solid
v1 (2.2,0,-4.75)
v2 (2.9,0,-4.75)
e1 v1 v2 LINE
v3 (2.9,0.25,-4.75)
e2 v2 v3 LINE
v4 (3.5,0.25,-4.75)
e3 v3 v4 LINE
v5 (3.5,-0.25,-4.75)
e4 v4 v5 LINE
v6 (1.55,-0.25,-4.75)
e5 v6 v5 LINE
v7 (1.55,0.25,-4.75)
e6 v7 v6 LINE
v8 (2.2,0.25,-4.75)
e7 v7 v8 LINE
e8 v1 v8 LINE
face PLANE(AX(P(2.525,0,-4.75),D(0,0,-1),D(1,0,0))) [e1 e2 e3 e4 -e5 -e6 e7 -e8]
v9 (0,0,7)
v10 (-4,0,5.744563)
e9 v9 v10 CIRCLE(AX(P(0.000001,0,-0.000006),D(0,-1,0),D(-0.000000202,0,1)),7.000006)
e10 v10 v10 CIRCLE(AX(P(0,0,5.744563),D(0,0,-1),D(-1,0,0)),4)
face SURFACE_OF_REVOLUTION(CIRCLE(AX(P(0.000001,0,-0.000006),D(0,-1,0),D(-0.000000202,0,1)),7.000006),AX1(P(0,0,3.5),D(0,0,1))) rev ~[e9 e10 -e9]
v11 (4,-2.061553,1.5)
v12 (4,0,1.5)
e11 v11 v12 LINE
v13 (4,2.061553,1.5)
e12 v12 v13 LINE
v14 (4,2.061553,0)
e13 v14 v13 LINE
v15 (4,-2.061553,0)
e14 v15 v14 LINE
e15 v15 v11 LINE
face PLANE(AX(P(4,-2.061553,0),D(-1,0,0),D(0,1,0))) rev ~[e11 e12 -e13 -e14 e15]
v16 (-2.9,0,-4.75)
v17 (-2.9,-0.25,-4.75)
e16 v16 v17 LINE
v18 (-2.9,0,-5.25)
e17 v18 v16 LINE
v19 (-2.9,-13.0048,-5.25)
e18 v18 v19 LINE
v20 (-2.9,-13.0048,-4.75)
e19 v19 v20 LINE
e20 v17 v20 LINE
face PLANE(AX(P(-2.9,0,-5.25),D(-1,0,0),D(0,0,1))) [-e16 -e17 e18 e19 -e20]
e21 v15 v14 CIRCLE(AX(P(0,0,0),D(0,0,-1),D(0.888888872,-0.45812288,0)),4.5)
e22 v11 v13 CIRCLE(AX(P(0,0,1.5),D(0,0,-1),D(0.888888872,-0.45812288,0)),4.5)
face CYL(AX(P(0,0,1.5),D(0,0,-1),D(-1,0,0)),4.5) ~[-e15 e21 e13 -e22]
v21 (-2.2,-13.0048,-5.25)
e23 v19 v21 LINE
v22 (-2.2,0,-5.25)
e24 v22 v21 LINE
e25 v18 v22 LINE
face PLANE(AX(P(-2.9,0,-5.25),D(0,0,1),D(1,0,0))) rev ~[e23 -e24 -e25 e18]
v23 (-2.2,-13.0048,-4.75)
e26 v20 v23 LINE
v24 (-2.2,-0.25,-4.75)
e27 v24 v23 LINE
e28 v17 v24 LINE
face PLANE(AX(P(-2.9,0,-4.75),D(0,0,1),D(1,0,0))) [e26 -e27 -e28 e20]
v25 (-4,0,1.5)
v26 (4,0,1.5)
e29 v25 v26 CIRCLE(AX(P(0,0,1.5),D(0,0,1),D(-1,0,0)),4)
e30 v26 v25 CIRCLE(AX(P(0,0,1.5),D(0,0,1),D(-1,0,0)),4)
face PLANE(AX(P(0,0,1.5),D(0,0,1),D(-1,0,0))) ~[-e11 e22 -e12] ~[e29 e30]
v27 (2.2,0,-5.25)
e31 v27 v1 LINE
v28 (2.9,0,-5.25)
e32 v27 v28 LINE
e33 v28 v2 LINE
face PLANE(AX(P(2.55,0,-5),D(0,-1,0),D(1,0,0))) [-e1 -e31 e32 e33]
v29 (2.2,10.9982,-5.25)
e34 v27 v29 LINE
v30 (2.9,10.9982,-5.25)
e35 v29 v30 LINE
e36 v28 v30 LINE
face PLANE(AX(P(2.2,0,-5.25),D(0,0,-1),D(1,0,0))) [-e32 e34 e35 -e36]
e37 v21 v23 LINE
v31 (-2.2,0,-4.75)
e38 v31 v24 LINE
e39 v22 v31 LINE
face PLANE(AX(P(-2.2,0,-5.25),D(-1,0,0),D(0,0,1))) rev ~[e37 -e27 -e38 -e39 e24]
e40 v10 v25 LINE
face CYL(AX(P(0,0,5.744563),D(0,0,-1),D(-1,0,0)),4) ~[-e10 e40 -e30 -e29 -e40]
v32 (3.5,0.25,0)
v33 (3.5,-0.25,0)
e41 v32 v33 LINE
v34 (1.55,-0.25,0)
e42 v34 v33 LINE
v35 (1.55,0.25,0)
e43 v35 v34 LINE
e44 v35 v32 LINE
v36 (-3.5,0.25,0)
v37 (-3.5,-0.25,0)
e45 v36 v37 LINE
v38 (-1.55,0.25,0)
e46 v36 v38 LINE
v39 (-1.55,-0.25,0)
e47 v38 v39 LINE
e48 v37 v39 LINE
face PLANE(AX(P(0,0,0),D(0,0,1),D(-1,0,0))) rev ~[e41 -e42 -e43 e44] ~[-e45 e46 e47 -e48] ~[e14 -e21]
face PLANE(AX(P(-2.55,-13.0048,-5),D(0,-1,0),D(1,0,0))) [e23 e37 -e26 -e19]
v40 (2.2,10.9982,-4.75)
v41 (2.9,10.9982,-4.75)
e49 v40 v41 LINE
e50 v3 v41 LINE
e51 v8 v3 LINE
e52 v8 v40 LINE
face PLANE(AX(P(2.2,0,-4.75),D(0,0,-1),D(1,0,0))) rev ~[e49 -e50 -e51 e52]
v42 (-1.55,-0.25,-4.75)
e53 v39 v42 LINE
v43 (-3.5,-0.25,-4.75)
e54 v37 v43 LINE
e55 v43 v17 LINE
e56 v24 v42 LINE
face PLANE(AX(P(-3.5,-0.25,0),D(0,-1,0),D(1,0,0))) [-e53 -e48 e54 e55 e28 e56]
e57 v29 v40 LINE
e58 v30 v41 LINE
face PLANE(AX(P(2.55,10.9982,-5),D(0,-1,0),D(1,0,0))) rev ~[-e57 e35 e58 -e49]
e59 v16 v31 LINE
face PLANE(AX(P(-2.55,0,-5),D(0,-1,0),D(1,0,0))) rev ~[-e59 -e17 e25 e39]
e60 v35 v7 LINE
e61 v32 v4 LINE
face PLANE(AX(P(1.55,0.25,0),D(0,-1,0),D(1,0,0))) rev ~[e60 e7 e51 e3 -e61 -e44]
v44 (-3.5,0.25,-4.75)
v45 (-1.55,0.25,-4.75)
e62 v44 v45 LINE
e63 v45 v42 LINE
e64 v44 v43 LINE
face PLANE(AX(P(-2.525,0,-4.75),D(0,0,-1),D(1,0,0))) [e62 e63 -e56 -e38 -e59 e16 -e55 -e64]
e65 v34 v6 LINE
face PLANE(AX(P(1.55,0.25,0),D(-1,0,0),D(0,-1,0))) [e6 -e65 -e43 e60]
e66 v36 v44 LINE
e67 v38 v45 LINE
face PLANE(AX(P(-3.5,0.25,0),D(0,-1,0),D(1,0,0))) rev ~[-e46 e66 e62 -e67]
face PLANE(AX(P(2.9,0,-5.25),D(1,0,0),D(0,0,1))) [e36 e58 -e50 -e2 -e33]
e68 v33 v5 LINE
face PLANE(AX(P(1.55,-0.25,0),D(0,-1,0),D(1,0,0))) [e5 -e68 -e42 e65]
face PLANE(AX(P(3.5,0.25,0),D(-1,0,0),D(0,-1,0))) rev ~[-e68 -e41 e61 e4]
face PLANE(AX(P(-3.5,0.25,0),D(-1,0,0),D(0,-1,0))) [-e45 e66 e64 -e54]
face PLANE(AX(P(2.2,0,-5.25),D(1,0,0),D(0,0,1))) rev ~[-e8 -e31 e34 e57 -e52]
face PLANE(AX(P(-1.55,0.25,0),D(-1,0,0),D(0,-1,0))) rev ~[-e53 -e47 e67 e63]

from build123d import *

# Parameters (mm, degrees)
F3_DEPTH  = 7.001
F4_W      = 1.95
F4_H      = 0.5
F5_DEPTH  = 4.75
F8_W      = 0.7
F8_H      = 0.5
F9_DEPTH  = 13.0048
F10_W     = 0.7
F10_H     = 0.5
F11_DEPTH = 10.9982


with BuildPart() as f1:
    # F0 (on Front) → F1 (revolve)
    with BuildSketch(Plane.XZ):
        with BuildLine():
            Line((-4.5, 0), (0, 0))
            Line((0, 0), (0, 7))
            ThreePointArc((0, 7), (-2.096194, 6.67877), (-4, 5.744563))
            Line((-4, 5.744563), (-4, 1.5))
            Line((-4, 1.5), (-4.5, 1.5))
            Line((-4.5, 1.5), (-4.5, 0))
        make_face()
    revolve(axis=Axis((0, 0, 3.5), (0, 0, 1)))

    # F2 (on face) → F3 (cut, through all)
    with BuildSketch(Plane(origin=(0, 0, 0), x_dir=(1, 0, 0), z_dir=(0, 0, -1))):
        with BuildLine():
            ThreePointArc((4, -2.061553), (4.5, 0), (4, 2.061553))
            Line((4, 2.061553), (4, -2.061553))
        make_face()
    extrude(amount=-F3_DEPTH, mode=Mode.SUBTRACT)

    # F4 (on face) → F5 (join)
    with BuildSketch(Plane(origin=(0, 0, 0), x_dir=(1, 0, 0), z_dir=(0, 0, -1))):
        with Locations((2.525, 0)):
            Rectangle(F4_W, F4_H)
        with Locations((-2.525, 0)):
            Rectangle(F4_W, F4_H)
    extrude(amount=F5_DEPTH)

    # F8 (on Front) → F9 (join)
    with BuildSketch(Plane.XZ):
        with Locations((-2.55, -5)):
            Rectangle(F8_W, F8_H)
    extrude(amount=F9_DEPTH)

    # F10 (on Front) → F11 (join)
    with BuildSketch(Plane.XZ):
        with Locations((2.55, -5)):
            Rectangle(F10_W, F10_H)
    extrude(amount=-F11_DEPTH)


solid = f1.part
